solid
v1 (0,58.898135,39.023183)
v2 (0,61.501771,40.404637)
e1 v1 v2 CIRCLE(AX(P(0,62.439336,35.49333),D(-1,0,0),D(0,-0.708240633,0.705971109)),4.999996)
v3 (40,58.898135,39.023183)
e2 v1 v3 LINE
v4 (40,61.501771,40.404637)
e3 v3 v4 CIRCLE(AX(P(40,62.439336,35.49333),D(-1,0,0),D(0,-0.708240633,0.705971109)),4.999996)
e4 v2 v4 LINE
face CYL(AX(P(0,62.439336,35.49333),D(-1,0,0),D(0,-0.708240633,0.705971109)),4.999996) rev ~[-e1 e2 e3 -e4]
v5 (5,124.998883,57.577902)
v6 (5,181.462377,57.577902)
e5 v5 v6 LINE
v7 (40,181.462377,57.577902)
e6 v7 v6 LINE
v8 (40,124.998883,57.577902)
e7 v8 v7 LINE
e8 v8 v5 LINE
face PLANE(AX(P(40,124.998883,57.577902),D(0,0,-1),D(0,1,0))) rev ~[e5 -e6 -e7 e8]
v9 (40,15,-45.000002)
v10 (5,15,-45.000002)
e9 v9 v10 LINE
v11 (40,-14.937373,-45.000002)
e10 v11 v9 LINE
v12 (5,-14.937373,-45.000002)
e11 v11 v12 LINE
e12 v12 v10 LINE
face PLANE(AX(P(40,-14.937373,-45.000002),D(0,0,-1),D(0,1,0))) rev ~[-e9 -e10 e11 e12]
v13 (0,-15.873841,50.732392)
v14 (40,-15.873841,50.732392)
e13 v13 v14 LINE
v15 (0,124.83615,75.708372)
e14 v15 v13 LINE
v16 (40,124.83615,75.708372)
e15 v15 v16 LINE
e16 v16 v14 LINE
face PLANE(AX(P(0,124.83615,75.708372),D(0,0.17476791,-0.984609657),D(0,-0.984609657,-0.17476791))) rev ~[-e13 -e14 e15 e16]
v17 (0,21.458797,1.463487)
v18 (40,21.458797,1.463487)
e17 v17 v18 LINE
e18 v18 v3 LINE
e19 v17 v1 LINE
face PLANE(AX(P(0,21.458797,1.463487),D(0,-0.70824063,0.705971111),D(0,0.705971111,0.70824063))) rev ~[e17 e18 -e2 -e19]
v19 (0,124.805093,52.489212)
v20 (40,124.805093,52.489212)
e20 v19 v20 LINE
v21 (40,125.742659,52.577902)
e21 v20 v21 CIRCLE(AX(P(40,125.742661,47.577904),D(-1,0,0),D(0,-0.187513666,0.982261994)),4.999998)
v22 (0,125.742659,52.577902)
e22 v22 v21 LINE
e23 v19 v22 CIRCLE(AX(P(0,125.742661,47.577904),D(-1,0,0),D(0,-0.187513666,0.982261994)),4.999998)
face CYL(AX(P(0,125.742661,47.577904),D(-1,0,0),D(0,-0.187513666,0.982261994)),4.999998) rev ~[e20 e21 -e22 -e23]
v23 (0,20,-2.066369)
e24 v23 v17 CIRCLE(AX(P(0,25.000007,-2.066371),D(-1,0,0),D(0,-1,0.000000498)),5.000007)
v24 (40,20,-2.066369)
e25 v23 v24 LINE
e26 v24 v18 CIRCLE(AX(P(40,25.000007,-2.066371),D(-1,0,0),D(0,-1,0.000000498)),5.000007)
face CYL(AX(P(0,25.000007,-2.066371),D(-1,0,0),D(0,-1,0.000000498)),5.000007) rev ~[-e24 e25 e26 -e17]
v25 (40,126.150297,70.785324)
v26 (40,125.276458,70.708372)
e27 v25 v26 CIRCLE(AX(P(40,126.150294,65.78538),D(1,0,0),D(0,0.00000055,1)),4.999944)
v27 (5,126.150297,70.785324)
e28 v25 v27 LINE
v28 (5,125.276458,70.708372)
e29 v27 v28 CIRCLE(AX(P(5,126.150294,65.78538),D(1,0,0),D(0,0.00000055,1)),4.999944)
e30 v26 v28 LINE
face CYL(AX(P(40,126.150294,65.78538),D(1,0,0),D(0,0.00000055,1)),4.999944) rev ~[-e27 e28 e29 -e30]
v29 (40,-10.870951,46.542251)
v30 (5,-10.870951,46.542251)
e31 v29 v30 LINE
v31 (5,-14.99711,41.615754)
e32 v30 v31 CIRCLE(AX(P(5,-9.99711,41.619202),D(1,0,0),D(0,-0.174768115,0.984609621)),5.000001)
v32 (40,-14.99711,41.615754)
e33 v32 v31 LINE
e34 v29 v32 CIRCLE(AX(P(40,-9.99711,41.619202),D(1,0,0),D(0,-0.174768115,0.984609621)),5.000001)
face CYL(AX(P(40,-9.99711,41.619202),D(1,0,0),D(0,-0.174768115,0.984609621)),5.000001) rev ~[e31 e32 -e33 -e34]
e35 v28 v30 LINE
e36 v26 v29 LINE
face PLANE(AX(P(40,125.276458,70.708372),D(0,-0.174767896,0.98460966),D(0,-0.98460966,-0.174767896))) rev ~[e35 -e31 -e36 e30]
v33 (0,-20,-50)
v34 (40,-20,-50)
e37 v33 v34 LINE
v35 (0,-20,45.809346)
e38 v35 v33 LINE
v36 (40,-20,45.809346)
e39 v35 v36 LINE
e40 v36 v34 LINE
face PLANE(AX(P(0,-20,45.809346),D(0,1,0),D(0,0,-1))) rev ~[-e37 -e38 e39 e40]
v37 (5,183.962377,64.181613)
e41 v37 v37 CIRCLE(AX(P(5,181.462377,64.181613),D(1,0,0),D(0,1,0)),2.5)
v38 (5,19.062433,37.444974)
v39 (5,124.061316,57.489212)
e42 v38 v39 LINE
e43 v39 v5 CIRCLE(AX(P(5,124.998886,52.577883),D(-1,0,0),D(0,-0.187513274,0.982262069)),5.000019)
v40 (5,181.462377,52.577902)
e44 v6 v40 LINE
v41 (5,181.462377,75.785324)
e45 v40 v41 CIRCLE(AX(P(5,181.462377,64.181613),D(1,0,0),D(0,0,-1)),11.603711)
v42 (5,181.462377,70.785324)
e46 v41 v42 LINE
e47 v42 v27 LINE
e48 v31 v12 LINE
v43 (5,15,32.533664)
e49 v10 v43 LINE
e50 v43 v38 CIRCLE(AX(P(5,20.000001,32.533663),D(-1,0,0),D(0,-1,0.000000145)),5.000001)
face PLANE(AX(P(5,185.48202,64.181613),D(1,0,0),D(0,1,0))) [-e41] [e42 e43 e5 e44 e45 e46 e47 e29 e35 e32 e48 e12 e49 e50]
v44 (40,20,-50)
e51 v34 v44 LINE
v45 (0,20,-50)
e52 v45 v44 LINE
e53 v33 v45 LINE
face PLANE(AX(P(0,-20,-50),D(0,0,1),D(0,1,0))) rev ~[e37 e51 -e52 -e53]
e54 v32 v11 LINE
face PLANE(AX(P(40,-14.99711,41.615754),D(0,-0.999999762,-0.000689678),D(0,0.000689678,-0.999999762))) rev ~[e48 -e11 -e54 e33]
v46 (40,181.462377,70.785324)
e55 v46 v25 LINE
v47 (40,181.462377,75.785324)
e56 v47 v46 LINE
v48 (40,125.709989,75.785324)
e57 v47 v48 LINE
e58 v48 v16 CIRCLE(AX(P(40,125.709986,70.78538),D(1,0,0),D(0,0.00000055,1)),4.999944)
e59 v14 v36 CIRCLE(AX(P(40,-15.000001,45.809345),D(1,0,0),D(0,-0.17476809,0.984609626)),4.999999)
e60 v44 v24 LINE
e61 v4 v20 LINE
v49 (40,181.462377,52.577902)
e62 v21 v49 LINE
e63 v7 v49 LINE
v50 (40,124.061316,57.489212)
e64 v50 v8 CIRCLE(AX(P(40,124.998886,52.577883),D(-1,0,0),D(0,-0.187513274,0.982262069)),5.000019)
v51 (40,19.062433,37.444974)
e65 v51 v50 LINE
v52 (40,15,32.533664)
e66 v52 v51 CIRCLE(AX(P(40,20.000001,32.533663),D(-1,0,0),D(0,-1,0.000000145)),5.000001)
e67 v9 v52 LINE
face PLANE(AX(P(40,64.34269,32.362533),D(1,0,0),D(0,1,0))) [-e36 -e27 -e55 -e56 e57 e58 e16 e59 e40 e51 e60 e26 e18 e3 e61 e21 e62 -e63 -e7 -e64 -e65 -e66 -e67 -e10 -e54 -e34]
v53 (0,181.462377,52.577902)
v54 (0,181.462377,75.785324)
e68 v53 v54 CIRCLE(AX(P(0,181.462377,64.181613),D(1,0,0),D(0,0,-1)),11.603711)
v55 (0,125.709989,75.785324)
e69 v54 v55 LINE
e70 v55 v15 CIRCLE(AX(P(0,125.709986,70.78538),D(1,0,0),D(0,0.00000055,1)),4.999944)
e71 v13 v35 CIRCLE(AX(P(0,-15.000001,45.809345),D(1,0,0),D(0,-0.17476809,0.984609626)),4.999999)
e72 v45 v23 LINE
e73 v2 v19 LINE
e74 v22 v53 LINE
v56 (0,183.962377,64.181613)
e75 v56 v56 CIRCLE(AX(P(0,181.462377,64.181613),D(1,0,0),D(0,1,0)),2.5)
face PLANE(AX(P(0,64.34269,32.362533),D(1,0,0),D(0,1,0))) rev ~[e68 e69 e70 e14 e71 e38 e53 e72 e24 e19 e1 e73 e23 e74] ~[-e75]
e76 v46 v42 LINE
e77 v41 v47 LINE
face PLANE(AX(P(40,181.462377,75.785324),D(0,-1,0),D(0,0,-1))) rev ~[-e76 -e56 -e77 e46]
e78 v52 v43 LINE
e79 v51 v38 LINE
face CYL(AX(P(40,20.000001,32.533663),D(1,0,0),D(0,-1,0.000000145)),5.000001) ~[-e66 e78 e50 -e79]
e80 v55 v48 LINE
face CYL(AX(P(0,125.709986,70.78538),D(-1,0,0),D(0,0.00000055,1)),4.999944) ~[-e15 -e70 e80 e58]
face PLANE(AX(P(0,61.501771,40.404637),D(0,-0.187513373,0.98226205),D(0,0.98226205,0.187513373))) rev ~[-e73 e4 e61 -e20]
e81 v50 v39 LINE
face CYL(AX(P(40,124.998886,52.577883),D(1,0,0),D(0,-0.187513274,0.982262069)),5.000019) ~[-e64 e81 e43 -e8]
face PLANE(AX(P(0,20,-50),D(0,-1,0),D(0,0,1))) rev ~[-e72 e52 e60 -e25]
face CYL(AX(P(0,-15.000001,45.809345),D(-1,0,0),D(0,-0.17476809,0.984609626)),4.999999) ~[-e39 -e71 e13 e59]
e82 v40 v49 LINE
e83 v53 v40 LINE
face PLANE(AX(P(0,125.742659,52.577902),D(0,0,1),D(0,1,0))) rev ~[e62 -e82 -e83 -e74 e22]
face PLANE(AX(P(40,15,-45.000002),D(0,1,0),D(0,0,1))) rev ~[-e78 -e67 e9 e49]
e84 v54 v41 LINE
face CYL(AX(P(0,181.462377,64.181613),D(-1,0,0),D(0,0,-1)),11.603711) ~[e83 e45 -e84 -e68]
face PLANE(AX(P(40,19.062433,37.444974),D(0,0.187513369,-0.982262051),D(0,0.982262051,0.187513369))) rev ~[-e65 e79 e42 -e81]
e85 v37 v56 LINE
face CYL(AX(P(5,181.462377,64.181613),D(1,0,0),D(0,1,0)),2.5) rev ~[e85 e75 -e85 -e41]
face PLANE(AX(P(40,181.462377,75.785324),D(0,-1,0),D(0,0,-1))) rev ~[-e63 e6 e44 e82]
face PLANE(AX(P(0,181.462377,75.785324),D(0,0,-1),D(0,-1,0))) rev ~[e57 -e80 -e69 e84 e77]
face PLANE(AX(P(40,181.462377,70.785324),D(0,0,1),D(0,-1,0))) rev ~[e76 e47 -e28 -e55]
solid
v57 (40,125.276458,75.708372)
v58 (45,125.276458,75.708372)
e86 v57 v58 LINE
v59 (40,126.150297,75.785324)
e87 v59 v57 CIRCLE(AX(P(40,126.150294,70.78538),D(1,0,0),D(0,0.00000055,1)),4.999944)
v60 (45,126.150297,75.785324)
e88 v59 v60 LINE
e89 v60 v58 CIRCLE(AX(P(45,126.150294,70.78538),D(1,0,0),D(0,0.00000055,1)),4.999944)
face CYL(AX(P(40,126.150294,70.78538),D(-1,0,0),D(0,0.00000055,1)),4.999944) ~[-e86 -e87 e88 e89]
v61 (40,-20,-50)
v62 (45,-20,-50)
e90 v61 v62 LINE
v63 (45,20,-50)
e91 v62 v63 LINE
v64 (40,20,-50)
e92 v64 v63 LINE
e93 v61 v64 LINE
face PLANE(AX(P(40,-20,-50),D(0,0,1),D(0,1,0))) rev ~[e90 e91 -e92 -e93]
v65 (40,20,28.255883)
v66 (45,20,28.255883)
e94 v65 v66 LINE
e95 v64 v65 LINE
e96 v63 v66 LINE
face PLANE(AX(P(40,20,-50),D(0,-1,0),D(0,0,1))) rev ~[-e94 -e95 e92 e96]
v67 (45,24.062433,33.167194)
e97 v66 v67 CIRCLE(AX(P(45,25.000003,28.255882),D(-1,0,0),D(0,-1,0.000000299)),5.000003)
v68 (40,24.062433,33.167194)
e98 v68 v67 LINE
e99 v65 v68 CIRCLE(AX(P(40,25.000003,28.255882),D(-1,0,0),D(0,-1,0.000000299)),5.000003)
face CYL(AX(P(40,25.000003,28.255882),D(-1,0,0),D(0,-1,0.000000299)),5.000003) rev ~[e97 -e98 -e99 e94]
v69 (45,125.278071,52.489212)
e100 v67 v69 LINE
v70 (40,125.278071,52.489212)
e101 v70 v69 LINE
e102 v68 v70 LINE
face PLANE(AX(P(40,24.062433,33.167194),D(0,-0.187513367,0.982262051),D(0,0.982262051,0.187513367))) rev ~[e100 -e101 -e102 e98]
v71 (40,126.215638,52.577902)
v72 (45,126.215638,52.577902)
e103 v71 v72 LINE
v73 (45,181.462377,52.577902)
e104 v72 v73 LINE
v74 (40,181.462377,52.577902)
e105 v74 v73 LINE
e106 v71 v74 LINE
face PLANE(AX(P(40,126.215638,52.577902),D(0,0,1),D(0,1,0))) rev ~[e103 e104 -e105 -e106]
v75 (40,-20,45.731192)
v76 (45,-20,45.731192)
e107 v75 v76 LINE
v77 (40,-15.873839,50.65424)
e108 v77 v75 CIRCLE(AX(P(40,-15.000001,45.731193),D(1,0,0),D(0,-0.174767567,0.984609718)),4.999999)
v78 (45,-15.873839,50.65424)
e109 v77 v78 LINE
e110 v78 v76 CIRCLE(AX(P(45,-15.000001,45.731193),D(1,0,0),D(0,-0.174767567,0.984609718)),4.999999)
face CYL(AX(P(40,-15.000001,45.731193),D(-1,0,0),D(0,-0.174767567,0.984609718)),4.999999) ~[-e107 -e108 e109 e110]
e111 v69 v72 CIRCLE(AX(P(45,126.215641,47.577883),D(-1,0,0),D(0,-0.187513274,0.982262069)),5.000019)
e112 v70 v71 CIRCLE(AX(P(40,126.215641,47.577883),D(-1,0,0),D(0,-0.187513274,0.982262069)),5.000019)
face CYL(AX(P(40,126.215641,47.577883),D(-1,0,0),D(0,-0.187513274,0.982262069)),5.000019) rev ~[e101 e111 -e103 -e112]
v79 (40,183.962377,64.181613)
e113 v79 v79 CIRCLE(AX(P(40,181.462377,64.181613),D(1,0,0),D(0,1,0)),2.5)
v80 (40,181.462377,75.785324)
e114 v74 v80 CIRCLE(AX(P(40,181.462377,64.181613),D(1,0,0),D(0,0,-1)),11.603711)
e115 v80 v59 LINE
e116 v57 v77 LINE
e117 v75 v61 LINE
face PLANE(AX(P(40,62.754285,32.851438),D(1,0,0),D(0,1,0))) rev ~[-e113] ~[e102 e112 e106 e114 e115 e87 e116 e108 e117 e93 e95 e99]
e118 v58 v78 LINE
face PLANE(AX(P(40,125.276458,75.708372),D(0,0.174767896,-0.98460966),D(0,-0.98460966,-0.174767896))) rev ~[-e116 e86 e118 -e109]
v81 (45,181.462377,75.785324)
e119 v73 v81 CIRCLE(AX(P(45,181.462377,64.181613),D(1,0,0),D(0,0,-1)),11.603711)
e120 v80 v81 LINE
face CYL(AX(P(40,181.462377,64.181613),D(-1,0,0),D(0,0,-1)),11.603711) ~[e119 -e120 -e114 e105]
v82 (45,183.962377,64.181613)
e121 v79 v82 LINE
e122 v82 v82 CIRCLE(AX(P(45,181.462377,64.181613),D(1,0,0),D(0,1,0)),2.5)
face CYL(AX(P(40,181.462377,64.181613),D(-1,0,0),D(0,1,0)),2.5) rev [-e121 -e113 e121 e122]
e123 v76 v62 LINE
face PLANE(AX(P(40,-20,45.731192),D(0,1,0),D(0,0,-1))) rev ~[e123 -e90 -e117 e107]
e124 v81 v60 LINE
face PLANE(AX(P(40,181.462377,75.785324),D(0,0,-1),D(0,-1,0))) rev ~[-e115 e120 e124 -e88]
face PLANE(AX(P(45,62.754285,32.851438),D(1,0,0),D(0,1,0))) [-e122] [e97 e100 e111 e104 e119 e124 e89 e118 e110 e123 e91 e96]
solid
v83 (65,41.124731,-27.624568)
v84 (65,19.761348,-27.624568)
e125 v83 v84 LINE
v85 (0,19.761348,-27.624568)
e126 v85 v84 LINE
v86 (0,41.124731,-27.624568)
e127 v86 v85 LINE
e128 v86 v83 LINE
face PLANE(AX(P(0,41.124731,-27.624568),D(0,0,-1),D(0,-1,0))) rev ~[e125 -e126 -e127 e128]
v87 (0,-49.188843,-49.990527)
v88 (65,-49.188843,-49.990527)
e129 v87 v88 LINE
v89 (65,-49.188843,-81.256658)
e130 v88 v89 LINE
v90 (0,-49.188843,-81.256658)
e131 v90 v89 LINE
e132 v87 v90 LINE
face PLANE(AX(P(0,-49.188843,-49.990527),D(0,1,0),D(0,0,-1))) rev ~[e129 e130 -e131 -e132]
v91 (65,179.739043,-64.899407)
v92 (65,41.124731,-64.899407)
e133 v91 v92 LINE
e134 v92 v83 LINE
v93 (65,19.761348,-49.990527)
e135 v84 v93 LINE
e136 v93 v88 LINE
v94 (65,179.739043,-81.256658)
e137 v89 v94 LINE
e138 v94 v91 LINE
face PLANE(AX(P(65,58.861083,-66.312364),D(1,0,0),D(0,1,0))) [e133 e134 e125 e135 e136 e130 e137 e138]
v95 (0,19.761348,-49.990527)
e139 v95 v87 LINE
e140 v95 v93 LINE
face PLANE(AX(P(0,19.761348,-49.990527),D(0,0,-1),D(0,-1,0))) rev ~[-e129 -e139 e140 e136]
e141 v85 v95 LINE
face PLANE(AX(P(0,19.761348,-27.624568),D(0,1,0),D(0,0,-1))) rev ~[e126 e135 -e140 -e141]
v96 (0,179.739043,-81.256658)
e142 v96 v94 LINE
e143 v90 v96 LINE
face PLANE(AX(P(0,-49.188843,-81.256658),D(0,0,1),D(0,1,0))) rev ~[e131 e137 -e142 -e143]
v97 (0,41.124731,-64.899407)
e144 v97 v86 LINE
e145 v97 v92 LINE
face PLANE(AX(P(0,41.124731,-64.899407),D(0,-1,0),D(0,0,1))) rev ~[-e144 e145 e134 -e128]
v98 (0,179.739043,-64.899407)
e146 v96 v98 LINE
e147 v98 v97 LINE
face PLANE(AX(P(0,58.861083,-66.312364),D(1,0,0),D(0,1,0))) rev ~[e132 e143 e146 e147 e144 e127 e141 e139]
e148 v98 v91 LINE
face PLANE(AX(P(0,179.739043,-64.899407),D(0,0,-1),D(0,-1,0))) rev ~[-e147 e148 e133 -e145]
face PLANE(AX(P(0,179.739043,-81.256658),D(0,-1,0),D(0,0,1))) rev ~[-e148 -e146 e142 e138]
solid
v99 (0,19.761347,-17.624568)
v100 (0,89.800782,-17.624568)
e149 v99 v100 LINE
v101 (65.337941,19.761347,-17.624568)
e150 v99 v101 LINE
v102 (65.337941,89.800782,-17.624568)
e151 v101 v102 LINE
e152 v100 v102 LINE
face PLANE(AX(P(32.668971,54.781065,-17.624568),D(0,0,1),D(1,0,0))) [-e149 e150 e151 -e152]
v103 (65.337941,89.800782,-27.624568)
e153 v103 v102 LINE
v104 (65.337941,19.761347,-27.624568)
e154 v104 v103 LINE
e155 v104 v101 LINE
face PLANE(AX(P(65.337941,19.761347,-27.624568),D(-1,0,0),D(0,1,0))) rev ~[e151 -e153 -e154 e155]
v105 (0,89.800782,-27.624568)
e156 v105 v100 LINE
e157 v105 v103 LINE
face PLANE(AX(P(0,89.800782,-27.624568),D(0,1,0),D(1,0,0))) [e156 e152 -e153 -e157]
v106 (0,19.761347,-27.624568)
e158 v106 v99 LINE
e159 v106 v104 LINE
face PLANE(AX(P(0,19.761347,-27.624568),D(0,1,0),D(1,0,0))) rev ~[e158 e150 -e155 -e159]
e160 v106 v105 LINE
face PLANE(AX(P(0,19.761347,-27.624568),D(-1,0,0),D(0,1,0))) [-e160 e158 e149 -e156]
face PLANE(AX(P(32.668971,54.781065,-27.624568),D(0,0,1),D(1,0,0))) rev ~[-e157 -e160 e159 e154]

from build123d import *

# Parameters (mm, degrees)
F1_DEPTH  = 40
F3_DEPTH  = 35
F5_DEPTH  = 35
F6_R      = 2.5
F7_DEPTH  = 5.001
F8_R      = 2.5
F9_DEPTH  = 5
F11_DEPTH = 65
F12_W     = 65.337941
F12_H     = 70.039435
F13_DEPTH = 10


with BuildPart() as f1:
    # F0 (on Right) → F1 (new body)
    with BuildSketch(Plane.YZ):
        with BuildLine():
            Line((-20, -50), (20, -50))
            Line((20, -50), (20, -2.066369))
            ThreePointArc((20, -2.066369), (20.379069, -0.156659), (21.458797, 1.463487))
            Line((21.458797, 1.463487), (58.898135, 39.023183))
            ThreePointArc((58.898135, 39.023183), (60.095847, 39.910119), (61.501771, 40.404637))
            Line((61.501771, 40.404637), (124.805093, 52.489212))
            ThreePointArc((124.805093, 52.489212), (125.271783, 52.55568), (125.742659, 52.577902))
            Line((125.742659, 52.577902), (181.462377, 52.577902))
            ThreePointArc((181.462377, 52.577902), (193.066088, 64.181613), (181.462377, 75.785324))
            Line((181.462377, 75.785324), (125.709989, 75.785324))
            ThreePointArc((125.709989, 75.785324), (125.271379, 75.766049), (124.83615, 75.708372))
            Line((124.83615, 75.708372), (-15.873841, 50.732392))
            ThreePointArc((-15.873841, 50.732392), (-18.832049, 49.021104), (-20, 45.809346))
            Line((-20, 45.809346), (-20, -50))
        make_face()
    extrude(amount=F1_DEPTH)

    # F2 (on face) → F3 (cut)
    with BuildSketch(Plane.YZ.offset(40)):
        with BuildLine():
            Line((125.276458, 70.708372), (-10.870951, 46.542251))
            ThreePointArc((-10.870951, 46.542251), (-13.830267, 44.829641), (-14.99711, 41.615754))
            Line((-14.99711, 41.615754), (-14.937373, -45.000002))
            Line((-14.937373, -45.000002), (15, -45.000002))
            Line((15, -45.000002), (15, 32.533664))
            ThreePointArc((15, 32.533664), (16.14722, 35.720525), (19.062433, 37.444974))
            Line((19.062433, 37.444974), (124.061316, 57.489212))
            ThreePointArc((124.061316, 57.489212), (124.528007, 57.55568), (124.998883, 57.577902))
            Line((124.998883, 57.577902), (181.462377, 57.577902))
            ThreePointArc((181.462377, 57.577902), (188.066088, 64.181613), (181.462377, 70.785324))
            Line((181.462377, 70.785324), (126.150297, 70.785324))
            ThreePointArc((126.150297, 70.785324), (125.711687, 70.766049), (125.276458, 70.708372))
        make_face()
    extrude(amount=-F3_DEPTH, mode=Mode.SUBTRACT)

    # F4 (on face) → F5 (cut)
    with BuildSketch(Plane.YZ.offset(40)):
        with BuildLine():
            ThreePointArc((181.462377, 52.577902), (193.066088, 64.181613), (181.462377, 75.785324))
            Line((181.462377, 75.785324), (181.462377, 52.577902))
        make_face()
    extrude(amount=-F5_DEPTH, mode=Mode.SUBTRACT)

    # F6 (on face) → F7 (cut, through all)
    with BuildSketch(Plane.YZ.offset(5)):
        with Locations((181.462377, 64.181613)):
            Circle(F6_R)
    extrude(amount=-F7_DEPTH, mode=Mode.SUBTRACT)


with BuildPart() as f9:
    # F8 (on face) → F9 (new body)
    with BuildSketch(Plane.YZ.offset(40)):
        with BuildLine():
            Line((24.062433, 33.167194), (125.278071, 52.489212))
            ThreePointArc((125.278071, 52.489212), (125.744762, 52.55568), (126.215638, 52.577902))
            Line((126.215638, 52.577902), (181.462377, 52.577902))
            ThreePointArc((181.462377, 52.577902), (193.066088, 64.181613), (181.462377, 75.785324))
            Line((181.462377, 75.785324), (126.150297, 75.785324))
            ThreePointArc((126.150297, 75.785324), (125.711687, 75.766049), (125.276458, 75.708372))
            Line((125.276458, 75.708372), (-15.873839, 50.65424))
            ThreePointArc((-15.873839, 50.65424), (-18.832049, 48.942952), (-20, 45.731192))
            Line((-20, 45.731192), (-20, -50))
            Line((-20, -50), (20, -50))
            Line((20, -50), (20, 28.255883))
            ThreePointArc((20, 28.255883), (21.14722, 31.442744), (24.062433, 33.167194))
        make_face()
        with Locations((181.462377, 64.181613)):
            Circle(F8_R, mode=Mode.SUBTRACT)
    extrude(amount=F9_DEPTH)


with BuildPart() as f11:
    # F10 (on Right) → F11 (new body)
    with BuildSketch(Plane.YZ):
        Polygon((19.761348, -27.624568), (19.761348, -49.990527), (-49.188843, -49.990527), (-49.188843, -81.256658), (179.739043, -81.256658), (179.739043, -64.899407), (41.124731, -64.899407), (41.124731, -27.624568), align=None)
    extrude(amount=F11_DEPTH)


with BuildPart() as f13:
    # F12 (on face) → F13 (new body)
    with BuildSketch(Plane.XY.offset(-27.624568)):
        with Locations((32.668971, 54.781065)):
            Rectangle(F12_W, F12_H)
    extrude(amount=F13_DEPTH)


solid = Compound([f1.part, f9.part, f11.part, f13.part])
